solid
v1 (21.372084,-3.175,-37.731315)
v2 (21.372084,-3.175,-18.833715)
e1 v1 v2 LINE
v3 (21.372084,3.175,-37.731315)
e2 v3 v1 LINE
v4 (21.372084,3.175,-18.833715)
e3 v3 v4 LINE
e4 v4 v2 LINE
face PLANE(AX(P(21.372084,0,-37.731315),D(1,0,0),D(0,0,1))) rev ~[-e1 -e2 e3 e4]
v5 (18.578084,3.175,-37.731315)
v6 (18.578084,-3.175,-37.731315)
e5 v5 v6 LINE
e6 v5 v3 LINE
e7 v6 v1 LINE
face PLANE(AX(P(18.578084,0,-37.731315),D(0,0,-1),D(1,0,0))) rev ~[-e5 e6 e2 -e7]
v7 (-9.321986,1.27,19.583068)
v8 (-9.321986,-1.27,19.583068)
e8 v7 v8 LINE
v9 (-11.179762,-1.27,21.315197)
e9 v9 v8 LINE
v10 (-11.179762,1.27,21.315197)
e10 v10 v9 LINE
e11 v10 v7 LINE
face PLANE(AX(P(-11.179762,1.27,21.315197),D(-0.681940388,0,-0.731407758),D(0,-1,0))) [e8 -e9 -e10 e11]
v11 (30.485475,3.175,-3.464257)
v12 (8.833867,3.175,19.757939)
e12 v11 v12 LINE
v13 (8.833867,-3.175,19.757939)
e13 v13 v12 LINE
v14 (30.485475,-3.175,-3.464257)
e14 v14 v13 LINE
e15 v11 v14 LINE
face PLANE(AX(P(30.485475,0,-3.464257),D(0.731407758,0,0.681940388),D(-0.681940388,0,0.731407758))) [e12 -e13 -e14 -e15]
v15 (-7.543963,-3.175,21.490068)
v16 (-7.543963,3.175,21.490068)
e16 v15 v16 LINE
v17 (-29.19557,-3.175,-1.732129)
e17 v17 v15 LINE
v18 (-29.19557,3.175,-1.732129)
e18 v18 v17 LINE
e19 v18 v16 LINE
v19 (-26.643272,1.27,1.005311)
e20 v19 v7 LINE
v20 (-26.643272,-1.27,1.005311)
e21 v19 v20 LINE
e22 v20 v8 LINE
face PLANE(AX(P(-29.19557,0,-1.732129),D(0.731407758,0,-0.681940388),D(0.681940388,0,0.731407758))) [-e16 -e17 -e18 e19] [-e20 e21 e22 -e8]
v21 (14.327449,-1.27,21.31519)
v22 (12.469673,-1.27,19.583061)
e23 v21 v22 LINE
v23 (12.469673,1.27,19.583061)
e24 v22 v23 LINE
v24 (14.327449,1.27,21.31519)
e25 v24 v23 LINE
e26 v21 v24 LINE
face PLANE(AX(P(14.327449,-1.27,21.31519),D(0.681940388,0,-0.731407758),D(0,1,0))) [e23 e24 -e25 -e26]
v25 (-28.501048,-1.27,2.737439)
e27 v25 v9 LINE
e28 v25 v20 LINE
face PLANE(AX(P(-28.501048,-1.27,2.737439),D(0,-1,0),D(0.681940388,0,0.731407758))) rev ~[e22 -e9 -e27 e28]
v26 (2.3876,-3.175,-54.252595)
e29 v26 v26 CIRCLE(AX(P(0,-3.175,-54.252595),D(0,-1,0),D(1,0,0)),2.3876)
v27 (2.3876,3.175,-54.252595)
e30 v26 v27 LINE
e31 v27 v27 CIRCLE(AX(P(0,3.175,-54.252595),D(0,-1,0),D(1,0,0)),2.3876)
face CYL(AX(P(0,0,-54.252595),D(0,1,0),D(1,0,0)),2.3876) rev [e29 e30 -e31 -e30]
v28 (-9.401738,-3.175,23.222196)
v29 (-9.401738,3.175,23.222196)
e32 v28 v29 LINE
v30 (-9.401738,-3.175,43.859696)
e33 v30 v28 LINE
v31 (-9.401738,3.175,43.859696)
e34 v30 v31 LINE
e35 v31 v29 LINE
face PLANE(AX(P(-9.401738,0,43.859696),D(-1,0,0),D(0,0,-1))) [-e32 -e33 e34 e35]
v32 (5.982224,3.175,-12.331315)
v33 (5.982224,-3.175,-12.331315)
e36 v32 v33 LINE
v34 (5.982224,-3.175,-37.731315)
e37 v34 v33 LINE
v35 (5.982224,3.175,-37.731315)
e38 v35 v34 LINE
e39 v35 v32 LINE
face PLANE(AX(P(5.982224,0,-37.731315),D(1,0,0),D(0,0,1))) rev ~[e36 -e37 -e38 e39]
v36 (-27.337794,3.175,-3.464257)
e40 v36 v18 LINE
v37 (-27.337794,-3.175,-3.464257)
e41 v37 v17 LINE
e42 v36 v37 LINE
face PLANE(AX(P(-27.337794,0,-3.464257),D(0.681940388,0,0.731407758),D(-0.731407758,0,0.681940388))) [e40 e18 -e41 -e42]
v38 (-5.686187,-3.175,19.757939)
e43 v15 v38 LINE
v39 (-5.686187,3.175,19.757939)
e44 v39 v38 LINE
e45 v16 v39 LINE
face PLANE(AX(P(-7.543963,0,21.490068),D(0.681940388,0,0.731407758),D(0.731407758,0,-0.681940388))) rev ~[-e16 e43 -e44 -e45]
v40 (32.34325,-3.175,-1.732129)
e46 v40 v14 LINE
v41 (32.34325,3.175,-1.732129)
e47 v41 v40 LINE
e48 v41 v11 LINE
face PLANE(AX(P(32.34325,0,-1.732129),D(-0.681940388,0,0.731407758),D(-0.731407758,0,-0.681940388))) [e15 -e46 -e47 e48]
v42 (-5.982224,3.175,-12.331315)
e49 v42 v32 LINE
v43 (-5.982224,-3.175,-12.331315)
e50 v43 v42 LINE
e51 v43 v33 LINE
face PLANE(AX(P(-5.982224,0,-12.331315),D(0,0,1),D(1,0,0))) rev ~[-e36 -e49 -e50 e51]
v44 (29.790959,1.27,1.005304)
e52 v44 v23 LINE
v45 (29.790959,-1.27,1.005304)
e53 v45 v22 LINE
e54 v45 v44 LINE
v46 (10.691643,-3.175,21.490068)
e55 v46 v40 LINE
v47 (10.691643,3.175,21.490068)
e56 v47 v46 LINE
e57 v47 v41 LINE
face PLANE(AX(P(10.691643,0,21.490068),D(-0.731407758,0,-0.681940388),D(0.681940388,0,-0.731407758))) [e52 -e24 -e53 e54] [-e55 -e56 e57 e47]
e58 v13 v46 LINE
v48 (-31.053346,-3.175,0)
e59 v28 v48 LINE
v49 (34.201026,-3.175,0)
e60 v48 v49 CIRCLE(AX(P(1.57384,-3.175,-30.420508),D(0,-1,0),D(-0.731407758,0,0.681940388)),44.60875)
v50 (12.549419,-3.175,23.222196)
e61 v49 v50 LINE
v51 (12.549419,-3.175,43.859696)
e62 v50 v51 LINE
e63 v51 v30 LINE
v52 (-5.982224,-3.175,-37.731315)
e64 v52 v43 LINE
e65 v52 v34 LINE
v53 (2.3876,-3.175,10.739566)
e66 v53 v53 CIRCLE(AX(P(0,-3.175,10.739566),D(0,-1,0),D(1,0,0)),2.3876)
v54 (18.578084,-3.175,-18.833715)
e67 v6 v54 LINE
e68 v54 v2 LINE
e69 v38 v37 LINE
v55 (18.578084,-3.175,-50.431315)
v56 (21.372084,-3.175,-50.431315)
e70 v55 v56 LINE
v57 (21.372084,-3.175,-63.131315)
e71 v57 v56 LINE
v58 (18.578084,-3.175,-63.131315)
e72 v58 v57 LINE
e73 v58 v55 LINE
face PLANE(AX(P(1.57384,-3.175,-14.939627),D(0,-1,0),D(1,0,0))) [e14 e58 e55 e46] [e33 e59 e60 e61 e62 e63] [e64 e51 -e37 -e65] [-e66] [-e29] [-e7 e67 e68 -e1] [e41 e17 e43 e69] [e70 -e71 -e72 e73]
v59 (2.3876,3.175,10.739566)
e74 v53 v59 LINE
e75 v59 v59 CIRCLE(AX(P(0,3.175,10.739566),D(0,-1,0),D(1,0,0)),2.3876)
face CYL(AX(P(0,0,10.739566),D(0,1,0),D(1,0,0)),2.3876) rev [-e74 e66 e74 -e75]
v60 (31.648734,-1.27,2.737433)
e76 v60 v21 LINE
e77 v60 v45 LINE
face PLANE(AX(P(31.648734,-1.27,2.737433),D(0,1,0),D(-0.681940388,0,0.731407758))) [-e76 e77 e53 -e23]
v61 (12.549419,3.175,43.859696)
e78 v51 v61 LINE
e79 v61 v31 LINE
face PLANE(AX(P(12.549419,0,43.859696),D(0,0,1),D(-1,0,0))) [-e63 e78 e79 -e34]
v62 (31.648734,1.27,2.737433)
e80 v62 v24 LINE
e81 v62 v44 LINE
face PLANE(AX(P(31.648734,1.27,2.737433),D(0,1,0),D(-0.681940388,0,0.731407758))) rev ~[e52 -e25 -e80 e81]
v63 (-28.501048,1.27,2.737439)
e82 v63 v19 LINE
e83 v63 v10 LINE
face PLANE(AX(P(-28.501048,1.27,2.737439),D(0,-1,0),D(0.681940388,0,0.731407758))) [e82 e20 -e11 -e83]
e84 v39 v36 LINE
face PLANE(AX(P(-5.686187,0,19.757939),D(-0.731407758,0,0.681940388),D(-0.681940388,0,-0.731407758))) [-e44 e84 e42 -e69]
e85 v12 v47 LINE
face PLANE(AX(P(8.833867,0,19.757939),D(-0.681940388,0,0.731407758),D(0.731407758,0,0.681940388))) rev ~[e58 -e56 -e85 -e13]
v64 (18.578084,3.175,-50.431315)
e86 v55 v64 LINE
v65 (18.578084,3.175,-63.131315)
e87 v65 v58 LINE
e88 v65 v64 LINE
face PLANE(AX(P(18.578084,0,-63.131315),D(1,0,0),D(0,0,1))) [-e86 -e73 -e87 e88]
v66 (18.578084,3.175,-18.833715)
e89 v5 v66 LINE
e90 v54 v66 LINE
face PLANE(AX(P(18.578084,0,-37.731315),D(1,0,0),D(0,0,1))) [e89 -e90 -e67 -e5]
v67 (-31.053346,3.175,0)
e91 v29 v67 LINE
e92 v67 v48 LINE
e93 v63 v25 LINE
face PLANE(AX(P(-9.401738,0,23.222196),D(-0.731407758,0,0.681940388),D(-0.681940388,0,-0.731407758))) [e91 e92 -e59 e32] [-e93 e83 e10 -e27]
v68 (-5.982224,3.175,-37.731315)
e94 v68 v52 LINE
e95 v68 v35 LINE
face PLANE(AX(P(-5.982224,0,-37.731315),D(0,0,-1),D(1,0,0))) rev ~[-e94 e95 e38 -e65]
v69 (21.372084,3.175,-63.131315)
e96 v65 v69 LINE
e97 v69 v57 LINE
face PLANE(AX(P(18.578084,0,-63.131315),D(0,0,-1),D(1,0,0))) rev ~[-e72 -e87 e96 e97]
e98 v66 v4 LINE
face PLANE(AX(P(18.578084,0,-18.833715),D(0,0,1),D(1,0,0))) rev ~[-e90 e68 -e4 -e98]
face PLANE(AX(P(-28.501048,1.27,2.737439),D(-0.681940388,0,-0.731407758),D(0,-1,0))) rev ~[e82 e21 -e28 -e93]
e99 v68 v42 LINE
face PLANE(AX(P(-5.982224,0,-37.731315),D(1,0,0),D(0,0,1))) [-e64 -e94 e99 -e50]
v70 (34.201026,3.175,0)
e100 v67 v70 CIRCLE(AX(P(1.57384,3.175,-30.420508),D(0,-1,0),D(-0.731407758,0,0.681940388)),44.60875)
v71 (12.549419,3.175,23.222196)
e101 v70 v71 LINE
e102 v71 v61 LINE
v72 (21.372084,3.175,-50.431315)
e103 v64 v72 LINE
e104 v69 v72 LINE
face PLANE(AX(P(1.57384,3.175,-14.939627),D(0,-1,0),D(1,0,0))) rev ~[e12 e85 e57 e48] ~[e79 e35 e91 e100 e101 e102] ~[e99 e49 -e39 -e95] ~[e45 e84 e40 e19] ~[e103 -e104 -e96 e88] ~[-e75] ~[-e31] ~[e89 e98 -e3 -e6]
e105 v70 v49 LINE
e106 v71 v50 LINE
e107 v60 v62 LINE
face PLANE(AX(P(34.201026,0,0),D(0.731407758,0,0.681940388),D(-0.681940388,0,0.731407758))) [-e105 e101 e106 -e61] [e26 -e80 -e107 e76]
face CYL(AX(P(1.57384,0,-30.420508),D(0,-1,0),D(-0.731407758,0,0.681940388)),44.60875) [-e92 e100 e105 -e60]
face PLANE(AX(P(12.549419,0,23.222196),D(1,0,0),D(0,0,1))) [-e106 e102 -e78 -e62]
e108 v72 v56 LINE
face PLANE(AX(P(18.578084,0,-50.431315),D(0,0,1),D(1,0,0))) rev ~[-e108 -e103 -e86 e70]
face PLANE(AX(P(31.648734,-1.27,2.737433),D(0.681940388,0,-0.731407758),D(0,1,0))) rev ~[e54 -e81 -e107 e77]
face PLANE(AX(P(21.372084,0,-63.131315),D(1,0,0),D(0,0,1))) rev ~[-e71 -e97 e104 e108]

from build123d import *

# Parameters (mm, degrees)
F0_R     = 2.3876
F0_W     = 11.9644477963
F0_H     = 25.4
F0_W_2   = 2.794
F0_H_2   = 12.7
F0_H_3   = 18.8976
F1_DEPTH = 3.175
F3_W     = 2.54
F3_H     = 25.4
F4_DEPTH = 2.54
F6_W     = 2.54
F6_H     = 25.4
F7_DEPTH = 2.54


with BuildPart() as f1:
    # F0 (on Front) → F1 (new body, symmetric)
    with BuildSketch(Plane.XZ):
        with BuildLine():
            Line((-9.4017383467, 23.2221963037), (-31.0533456504, 0))
            ThreePointArc((-31.0533456504, 0), (1.5738401562, -75.0292582617), (34.2010259628, 0))
            Line((34.2010259628, 0), (12.5494186591, 23.2221963037))
            Line((12.5494186591, 23.2221963037), (12.5494186591, 43.8596963037))
            Line((12.5494186591, 43.8596963037), (-9.4017383467, 43.8596963037))
            Line((-9.4017383467, 43.8596963037), (-9.4017383467, 23.2221963037))
        make_face()
        with Locations((0, -54.2525947094)):
            Circle(F0_R, mode=Mode.SUBTRACT)
        with Locations((0, -25.0313151628)):
            Rectangle(F0_W, F0_H, mode=Mode.SUBTRACT)
        with Locations((19.9750838982, -56.7813151628)):
            Rectangle(F0_W_2, F0_H_2, mode=Mode.SUBTRACT)
        with Locations((19.9750838982, -28.2825151628)):
            Rectangle(F0_W_2, F0_H_3, mode=Mode.SUBTRACT)
        Polygon((-29.1955699461, -1.7321285843), (-7.5439626424, 21.4900677194), (-5.6861869381, 19.7579391351), (-27.3377942419, -3.4642571686), align=None, mode=Mode.SUBTRACT)
        with Locations((0, 10.739565827)):
            Circle(F0_R, mode=Mode.SUBTRACT)
        Polygon((8.8338672505, 19.7579391351), (10.6916429548, 21.4900677194), (32.3432502585, -1.7321285843), (30.4854745542, -3.4642571686), align=None, mode=Mode.SUBTRACT)
    extrude(amount=F1_DEPTH, both=True)

    # F3 (on offset) → F4 (cut)
    with BuildSketch(Plane(origin=(-16.6122141895, 0, 15.4886787354), x_dir=(0, -1, 0), z_dir=(-0.7314077576, 0, 0.6819403875))):
        with Locations((0, -4.733831039)):
            Rectangle(F3_W, F3_H)
    extrude(amount=-F4_DEPTH, mode=Mode.SUBTRACT)

    # F6 (on offset) → F7 (cut)
    with BuildSketch(Plane(origin=(18.2960887755, 0, 17.0586676721), x_dir=(0, 1, 0), z_dir=(0.7314077576, 0, 0.6819403875))):
        with Locations((0, -6.8803708986)):
            Rectangle(F6_W, F6_H)
    extrude(amount=-F7_DEPTH, mode=Mode.SUBTRACT)


solid = f1.part
